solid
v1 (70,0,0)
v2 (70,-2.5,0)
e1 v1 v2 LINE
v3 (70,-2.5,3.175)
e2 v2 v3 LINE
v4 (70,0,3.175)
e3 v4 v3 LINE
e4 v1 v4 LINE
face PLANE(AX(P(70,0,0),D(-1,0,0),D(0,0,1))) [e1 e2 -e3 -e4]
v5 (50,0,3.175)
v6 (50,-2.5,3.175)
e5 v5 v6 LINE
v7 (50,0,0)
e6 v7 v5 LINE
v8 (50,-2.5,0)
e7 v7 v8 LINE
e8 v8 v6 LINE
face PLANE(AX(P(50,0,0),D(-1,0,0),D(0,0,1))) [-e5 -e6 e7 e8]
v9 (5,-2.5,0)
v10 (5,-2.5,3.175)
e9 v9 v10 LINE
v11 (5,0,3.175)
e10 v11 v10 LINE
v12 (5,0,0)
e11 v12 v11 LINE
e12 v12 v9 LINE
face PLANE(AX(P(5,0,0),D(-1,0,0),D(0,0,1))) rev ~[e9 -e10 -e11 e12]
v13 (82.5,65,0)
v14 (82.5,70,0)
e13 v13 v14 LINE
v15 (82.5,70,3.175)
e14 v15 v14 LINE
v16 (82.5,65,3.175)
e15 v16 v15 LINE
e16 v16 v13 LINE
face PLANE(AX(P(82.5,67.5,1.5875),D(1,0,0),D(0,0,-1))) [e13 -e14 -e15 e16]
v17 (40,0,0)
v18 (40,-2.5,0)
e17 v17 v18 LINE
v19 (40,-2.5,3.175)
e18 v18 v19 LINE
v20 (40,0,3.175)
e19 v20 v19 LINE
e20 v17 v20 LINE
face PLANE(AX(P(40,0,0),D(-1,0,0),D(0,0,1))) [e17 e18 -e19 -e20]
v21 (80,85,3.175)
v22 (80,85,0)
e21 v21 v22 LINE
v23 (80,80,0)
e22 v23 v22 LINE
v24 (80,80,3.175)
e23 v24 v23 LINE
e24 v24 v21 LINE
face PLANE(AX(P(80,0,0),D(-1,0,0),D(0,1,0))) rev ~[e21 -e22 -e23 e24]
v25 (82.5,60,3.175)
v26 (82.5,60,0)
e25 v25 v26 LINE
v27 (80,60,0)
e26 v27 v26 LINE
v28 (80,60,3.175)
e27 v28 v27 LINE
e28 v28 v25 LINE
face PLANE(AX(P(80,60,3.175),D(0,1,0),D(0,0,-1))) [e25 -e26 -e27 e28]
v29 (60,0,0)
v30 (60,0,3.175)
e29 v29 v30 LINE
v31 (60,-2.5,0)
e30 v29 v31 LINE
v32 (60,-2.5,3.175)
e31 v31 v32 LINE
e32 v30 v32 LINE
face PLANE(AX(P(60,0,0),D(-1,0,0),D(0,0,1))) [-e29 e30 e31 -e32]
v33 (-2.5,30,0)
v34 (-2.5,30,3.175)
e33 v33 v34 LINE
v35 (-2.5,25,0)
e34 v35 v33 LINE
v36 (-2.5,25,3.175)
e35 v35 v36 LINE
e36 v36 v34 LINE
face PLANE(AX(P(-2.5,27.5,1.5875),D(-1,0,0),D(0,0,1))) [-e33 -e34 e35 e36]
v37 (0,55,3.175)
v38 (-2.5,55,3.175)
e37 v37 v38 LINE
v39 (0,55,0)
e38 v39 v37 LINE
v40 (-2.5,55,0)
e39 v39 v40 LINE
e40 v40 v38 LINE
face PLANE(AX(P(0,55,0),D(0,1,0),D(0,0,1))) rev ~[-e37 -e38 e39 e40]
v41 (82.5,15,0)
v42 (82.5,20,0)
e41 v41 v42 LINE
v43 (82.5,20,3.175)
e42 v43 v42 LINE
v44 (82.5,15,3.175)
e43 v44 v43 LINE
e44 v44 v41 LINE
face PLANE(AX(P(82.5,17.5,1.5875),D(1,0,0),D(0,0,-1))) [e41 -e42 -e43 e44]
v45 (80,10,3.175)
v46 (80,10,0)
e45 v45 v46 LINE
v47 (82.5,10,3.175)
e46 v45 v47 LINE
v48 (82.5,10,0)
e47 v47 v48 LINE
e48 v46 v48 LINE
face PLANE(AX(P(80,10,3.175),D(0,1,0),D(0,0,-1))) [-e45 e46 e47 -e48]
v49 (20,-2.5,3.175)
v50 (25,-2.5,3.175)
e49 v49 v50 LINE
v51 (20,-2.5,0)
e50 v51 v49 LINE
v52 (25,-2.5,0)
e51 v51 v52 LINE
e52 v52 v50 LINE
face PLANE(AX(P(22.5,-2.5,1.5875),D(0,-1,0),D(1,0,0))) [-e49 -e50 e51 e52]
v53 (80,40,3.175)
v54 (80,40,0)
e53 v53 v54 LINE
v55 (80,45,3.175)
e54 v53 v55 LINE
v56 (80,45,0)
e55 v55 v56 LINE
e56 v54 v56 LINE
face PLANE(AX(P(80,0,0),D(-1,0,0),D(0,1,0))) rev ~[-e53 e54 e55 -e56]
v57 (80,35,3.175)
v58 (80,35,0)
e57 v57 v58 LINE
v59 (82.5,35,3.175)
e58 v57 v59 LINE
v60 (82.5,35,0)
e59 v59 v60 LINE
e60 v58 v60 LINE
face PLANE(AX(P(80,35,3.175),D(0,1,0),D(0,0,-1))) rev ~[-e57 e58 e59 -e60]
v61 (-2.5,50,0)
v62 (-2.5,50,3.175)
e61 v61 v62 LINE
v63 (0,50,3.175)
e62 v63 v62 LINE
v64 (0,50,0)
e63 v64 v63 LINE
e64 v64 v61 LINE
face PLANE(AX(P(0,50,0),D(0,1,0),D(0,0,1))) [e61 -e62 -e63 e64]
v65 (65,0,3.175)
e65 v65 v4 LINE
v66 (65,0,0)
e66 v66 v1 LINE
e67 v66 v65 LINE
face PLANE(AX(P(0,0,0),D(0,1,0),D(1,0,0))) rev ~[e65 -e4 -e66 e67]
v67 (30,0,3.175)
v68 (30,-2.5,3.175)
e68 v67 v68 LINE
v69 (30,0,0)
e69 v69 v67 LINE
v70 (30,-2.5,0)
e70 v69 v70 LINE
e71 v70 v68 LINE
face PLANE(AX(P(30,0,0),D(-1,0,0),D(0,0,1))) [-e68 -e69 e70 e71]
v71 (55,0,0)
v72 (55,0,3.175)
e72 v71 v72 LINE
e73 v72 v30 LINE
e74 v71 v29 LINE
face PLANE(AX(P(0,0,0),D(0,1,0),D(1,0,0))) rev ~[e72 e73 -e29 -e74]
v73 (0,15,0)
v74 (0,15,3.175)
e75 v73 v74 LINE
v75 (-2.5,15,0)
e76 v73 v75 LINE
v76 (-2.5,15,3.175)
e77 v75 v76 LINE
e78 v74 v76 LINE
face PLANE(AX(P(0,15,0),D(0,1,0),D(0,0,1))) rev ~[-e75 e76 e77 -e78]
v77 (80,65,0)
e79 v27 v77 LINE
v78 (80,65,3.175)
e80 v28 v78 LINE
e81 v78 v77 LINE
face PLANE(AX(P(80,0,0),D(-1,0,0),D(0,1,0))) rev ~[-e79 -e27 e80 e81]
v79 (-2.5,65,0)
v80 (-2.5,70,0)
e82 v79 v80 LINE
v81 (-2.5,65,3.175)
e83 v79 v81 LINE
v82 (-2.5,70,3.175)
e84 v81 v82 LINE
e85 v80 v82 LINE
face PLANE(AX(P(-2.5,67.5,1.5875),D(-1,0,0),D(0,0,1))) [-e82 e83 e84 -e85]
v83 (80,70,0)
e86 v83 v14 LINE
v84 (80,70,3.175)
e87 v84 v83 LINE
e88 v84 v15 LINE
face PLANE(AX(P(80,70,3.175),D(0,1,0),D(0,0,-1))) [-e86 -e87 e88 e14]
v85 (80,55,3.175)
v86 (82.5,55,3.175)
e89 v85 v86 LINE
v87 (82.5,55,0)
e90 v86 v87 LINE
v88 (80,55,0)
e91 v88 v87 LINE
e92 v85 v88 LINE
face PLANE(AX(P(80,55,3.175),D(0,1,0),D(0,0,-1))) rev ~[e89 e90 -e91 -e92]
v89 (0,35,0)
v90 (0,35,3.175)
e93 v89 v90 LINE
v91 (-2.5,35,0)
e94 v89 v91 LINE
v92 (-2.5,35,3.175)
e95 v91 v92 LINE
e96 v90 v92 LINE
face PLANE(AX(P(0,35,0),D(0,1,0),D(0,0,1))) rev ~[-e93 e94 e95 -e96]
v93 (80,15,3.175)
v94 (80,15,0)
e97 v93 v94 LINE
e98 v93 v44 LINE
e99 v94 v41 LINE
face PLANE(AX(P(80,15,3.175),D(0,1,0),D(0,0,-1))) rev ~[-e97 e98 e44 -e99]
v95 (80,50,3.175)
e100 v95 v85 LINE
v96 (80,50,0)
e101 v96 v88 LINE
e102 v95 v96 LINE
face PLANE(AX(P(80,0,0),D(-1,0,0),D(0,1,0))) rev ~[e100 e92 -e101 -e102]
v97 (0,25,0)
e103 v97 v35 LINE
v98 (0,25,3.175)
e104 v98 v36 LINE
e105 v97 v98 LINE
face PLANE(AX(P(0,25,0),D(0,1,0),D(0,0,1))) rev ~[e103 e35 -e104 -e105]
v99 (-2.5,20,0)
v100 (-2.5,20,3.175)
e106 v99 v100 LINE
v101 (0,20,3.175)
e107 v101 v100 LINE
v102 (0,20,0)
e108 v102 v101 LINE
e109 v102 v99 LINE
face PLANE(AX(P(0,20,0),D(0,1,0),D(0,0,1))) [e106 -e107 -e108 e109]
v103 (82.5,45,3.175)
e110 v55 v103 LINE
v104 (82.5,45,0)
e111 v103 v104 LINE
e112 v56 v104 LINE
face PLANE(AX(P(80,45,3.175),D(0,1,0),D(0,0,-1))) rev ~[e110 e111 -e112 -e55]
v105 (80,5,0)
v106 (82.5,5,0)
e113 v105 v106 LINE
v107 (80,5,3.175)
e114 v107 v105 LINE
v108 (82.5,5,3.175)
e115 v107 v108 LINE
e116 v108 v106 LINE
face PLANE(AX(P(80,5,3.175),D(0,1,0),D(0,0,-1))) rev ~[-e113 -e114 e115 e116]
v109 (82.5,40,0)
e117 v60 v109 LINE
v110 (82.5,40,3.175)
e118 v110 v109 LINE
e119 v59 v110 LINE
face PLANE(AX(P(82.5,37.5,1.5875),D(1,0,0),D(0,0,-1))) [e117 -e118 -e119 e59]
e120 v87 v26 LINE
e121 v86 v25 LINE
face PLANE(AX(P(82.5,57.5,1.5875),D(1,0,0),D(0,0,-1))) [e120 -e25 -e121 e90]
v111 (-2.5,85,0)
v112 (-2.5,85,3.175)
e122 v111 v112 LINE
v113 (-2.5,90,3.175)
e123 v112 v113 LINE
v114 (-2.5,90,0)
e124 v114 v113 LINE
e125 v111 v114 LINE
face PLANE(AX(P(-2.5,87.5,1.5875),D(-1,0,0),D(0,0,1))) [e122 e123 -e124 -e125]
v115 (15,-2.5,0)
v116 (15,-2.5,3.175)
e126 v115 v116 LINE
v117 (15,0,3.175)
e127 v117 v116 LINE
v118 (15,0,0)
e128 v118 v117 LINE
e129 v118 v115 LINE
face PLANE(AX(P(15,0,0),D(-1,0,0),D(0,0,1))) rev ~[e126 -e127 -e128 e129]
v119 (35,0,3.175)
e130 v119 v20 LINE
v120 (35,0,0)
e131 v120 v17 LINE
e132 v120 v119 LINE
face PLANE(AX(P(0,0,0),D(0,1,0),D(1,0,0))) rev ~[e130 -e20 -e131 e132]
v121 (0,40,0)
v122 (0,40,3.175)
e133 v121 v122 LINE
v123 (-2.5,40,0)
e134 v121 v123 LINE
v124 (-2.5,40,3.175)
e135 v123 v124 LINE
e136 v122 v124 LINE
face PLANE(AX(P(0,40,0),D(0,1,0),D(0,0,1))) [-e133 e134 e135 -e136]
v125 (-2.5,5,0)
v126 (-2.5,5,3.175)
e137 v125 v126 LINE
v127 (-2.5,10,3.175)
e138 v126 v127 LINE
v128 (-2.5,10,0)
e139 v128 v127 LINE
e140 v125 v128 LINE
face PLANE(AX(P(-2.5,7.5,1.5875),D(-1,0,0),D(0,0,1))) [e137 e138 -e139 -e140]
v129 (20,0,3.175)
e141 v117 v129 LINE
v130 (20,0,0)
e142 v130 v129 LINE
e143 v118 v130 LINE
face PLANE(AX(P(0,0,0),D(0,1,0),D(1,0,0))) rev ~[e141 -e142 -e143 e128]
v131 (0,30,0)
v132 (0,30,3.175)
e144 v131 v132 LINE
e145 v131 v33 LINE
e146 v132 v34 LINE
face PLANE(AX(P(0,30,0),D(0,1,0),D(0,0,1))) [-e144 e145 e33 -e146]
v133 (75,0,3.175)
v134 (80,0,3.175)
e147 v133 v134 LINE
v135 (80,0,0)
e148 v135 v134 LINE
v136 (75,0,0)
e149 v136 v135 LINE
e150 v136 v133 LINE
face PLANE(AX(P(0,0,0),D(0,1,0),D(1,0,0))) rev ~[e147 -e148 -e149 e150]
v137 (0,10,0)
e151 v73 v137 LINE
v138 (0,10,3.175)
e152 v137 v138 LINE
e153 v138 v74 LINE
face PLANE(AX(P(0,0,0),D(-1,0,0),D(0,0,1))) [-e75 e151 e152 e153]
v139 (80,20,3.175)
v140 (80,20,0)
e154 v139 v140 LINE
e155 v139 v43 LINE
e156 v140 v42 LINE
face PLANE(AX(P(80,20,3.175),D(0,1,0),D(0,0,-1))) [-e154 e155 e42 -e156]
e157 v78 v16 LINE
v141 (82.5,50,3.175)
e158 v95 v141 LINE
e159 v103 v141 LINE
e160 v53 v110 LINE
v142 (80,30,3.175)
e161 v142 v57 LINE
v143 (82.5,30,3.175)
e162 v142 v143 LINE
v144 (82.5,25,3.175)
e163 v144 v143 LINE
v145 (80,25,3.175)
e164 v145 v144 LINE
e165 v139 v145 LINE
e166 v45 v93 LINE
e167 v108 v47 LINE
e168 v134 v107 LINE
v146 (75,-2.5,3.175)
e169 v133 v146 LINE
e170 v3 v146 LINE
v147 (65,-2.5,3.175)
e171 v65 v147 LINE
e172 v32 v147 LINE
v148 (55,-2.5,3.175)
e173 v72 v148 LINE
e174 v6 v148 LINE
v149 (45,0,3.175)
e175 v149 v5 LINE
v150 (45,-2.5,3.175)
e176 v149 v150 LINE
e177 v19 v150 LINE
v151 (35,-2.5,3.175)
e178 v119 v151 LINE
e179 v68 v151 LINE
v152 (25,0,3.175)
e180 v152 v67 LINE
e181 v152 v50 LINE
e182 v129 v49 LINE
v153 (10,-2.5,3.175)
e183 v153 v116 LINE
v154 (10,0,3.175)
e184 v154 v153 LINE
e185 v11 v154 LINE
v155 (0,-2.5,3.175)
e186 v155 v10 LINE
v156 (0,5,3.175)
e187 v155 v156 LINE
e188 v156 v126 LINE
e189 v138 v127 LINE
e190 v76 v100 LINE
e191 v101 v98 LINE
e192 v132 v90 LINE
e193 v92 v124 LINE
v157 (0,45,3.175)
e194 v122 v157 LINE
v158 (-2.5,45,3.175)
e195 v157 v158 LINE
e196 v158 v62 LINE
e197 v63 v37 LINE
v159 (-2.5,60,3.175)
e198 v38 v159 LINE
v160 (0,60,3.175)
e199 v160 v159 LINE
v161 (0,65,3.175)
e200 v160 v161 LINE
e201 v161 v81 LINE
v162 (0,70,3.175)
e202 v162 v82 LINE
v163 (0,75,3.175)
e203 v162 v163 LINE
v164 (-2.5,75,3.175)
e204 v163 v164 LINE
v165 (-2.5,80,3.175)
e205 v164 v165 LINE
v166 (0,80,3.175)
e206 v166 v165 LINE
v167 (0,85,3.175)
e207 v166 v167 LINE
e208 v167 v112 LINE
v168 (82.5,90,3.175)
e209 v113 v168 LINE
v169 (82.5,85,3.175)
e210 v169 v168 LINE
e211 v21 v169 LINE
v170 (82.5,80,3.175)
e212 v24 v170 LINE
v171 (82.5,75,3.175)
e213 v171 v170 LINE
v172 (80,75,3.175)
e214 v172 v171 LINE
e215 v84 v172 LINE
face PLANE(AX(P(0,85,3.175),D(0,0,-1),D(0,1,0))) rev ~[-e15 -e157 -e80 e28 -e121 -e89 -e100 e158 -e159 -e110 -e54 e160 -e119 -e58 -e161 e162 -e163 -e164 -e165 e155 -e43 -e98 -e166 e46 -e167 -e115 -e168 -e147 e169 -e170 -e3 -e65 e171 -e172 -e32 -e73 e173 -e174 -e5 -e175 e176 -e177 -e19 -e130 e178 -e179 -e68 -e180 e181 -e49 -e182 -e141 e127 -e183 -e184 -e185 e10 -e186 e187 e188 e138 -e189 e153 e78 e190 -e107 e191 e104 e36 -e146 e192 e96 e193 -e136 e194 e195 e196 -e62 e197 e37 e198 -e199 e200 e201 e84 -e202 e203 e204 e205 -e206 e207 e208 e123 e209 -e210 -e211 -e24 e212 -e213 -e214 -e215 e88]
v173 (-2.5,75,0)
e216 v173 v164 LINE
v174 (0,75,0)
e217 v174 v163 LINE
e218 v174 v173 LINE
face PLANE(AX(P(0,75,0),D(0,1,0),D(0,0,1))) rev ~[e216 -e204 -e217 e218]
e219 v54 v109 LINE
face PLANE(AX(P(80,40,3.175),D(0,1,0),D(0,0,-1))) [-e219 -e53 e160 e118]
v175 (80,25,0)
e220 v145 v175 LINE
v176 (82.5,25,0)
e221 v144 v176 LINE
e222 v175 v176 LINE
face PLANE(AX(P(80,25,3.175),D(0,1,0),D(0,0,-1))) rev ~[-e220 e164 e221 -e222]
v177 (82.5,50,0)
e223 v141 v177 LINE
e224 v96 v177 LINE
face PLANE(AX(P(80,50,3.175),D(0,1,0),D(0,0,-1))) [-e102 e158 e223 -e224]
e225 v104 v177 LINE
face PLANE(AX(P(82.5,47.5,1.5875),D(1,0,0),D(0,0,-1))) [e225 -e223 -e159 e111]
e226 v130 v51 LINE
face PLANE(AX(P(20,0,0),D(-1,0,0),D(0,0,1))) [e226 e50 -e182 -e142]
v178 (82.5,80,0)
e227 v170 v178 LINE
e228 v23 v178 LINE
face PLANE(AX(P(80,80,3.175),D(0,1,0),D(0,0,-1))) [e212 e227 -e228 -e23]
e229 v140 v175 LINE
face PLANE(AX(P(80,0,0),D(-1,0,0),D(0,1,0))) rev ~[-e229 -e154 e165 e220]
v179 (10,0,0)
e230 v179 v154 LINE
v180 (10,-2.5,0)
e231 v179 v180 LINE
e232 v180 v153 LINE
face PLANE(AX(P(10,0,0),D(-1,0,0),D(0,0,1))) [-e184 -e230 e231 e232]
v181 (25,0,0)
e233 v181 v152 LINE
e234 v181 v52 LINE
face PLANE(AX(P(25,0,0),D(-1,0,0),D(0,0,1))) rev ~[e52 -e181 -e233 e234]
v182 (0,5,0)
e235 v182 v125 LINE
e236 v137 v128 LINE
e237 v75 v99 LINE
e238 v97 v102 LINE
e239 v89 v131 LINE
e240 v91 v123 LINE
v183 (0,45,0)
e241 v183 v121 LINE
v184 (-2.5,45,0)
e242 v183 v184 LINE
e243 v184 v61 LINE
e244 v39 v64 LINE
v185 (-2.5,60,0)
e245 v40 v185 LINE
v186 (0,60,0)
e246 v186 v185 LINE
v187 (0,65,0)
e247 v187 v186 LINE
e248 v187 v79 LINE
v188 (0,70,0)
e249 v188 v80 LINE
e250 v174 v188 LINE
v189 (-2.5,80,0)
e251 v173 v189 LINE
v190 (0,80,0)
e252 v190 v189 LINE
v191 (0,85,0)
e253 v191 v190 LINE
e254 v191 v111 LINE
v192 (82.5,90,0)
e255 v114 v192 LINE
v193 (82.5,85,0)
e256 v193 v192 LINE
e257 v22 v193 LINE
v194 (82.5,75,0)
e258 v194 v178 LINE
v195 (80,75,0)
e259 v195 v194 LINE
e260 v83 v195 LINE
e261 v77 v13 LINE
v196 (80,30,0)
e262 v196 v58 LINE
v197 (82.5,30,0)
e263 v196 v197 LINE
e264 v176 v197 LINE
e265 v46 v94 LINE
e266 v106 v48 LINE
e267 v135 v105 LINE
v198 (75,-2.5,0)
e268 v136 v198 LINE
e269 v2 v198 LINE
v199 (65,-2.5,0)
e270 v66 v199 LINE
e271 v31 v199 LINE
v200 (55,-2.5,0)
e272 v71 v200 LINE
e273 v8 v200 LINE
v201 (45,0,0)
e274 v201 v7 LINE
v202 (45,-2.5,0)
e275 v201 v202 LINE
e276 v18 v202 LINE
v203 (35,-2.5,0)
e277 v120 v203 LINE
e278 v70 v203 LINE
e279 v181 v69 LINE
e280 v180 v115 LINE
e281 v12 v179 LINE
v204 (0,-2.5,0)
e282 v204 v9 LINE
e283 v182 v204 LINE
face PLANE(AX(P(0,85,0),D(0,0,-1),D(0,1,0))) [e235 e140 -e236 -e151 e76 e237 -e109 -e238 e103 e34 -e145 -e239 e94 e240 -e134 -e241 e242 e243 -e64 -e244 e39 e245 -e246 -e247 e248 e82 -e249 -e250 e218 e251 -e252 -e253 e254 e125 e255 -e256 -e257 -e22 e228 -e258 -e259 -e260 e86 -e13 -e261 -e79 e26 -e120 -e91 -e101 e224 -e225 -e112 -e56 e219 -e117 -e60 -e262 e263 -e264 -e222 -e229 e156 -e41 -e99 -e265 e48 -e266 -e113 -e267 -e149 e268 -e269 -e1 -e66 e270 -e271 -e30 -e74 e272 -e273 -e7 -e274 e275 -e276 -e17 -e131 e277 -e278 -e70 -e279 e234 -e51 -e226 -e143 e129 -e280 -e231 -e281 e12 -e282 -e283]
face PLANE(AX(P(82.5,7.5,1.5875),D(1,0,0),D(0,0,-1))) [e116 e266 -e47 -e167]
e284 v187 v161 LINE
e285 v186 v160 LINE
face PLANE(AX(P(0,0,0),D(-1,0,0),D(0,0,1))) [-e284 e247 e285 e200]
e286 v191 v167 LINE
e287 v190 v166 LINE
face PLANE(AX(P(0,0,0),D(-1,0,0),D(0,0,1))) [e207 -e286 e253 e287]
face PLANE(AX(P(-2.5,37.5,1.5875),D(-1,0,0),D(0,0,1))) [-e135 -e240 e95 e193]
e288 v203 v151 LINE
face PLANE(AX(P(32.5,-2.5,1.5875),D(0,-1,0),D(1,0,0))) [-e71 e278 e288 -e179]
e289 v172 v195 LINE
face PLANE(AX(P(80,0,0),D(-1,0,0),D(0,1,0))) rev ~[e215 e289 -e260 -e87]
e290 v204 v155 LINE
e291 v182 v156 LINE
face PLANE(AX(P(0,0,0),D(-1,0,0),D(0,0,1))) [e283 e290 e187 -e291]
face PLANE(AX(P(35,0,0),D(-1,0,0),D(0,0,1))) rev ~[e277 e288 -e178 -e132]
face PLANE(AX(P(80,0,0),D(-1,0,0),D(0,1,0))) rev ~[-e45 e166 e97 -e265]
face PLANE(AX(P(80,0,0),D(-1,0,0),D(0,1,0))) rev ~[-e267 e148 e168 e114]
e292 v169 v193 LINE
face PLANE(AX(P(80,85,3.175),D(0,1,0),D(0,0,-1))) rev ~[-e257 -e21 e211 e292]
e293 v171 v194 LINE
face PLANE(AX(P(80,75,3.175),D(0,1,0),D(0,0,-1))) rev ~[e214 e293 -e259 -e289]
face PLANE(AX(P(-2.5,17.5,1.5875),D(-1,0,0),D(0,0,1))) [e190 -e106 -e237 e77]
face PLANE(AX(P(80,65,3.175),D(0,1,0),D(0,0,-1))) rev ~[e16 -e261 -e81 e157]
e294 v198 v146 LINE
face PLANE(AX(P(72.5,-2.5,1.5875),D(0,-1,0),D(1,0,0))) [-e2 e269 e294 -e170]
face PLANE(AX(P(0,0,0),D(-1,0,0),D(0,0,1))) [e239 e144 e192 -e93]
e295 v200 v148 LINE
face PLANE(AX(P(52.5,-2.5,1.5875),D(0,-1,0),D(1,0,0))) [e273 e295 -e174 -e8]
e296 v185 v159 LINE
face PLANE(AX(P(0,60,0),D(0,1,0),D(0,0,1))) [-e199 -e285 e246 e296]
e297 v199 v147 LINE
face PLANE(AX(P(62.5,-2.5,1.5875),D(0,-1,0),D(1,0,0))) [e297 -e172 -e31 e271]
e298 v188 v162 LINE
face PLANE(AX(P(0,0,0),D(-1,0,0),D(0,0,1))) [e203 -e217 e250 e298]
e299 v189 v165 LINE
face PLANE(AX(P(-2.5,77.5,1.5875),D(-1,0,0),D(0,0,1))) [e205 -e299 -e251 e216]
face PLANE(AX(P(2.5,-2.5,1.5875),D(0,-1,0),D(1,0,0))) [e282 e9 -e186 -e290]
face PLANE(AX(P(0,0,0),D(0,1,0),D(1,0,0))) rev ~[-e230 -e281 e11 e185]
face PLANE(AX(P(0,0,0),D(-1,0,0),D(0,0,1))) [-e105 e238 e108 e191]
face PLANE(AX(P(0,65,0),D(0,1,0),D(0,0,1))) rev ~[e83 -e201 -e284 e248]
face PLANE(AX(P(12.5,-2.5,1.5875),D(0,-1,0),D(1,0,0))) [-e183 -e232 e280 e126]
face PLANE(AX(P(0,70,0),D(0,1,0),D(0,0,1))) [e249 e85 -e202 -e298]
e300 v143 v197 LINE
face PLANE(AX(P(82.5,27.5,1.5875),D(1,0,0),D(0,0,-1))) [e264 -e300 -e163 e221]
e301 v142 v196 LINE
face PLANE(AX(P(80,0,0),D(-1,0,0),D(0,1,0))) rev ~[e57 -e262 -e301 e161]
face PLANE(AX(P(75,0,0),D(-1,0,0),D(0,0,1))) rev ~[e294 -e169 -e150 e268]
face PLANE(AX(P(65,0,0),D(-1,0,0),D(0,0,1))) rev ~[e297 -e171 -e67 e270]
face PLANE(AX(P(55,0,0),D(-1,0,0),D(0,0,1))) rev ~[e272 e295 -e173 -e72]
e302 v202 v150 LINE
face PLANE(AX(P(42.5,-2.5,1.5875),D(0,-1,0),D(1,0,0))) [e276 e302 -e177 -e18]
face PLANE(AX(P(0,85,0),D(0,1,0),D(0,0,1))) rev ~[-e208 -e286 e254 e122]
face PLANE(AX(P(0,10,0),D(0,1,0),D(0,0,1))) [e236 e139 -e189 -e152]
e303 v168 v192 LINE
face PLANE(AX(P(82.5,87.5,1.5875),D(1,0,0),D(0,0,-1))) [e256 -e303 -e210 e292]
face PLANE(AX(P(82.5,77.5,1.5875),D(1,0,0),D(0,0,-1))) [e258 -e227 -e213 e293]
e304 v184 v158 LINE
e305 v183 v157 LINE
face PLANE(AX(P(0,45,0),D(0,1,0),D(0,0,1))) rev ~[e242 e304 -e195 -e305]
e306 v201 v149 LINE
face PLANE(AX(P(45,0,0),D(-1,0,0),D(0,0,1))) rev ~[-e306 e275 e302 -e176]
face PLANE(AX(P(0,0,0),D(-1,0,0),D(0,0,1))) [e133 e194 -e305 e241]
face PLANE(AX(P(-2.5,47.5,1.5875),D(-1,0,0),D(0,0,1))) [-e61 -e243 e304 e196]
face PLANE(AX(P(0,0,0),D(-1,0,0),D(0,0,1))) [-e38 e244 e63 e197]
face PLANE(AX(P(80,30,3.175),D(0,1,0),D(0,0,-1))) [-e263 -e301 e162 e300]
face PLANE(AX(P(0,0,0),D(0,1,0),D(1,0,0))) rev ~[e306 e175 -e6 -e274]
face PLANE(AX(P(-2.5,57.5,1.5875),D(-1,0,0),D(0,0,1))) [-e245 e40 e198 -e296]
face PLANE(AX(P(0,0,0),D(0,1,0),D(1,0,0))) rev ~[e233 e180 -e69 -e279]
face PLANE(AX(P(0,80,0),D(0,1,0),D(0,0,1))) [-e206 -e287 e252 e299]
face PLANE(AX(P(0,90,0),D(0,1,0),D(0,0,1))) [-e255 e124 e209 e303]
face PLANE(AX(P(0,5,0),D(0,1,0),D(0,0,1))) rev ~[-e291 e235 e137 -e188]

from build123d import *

# Parameters (mm, degrees)
SKETCH1_W           = 80
SKETCH1_H           = 90
BOSS_EXTRUDE1_DEPTH = 3.175
SKETCH2_W           = 5
SKETCH2_H           = 3.175
BOSS_EXTRUDE2_DEPTH = 2.5
SKETCH3_W           = 3.175
SKETCH3_H           = 5
BOSS_EXTRUDE3_DEPTH = 2.5
SKETCH4_W           = 3.175
SKETCH4_H           = 5
BOSS_EXTRUDE4_DEPTH = 2.5
LPATTERN1_COUNT     = 9
LPATTERN1_PITCH     = 10
LPATTERN2_COUNT     = 8
LPATTERN2_PITCH     = 10
LPATTERN3_COUNT     = 9
LPATTERN3_PITCH     = 10


with BuildPart() as part:
    # Sketch1 → Boss-Extrude1 (new body)
    with BuildSketch(Plane.XY):
        with Locations((40, 45)):
            Rectangle(SKETCH1_W, SKETCH1_H)
    extrude(amount=BOSS_EXTRUDE1_DEPTH)

    # Sketch2 → Boss-Extrude2 (add)
    with BuildSketch(Plane.XZ):
        with Locations((2.5, 1.5875)):
            Rectangle(SKETCH2_W, SKETCH2_H)
    boss_extrude2 = extrude(amount=BOSS_EXTRUDE2_DEPTH)

    # Sketch3 → Boss-Extrude3 (add)
    with BuildSketch(Plane(origin=(80, 0, 0), x_dir=(0, 0, -1), z_dir=(1, 0, 0))):
        with Locations((-1.5875, 87.5)):
            Rectangle(SKETCH3_W, SKETCH3_H)
    boss_extrude3 = extrude(amount=BOSS_EXTRUDE3_DEPTH)

    # Sketch4 → Boss-Extrude4 (add)
    with BuildSketch(Plane.ZY):
        with Locations((1.5875, 87.5)):
            Rectangle(SKETCH4_W, SKETCH4_H)
    boss_extrude4 = extrude(amount=BOSS_EXTRUDE4_DEPTH)

    # LPattern1: Boss-Extrude4 ×9
    with Locations(*[(0, -i * LPATTERN1_PITCH, 0) for i in range(1, LPATTERN1_COUNT)]):
        add(boss_extrude4)

    # LPattern2: Boss-Extrude2 ×8
    with Locations(*[(i * LPATTERN2_PITCH, 0, 0) for i in range(1, LPATTERN2_COUNT)]):
        add(boss_extrude2)

    # LPattern3: Boss-Extrude3 ×9
    with Locations(*[(0, -i * LPATTERN3_PITCH, 0) for i in range(1, LPATTERN3_COUNT)]):
        add(boss_extrude3)


solid = part.part
